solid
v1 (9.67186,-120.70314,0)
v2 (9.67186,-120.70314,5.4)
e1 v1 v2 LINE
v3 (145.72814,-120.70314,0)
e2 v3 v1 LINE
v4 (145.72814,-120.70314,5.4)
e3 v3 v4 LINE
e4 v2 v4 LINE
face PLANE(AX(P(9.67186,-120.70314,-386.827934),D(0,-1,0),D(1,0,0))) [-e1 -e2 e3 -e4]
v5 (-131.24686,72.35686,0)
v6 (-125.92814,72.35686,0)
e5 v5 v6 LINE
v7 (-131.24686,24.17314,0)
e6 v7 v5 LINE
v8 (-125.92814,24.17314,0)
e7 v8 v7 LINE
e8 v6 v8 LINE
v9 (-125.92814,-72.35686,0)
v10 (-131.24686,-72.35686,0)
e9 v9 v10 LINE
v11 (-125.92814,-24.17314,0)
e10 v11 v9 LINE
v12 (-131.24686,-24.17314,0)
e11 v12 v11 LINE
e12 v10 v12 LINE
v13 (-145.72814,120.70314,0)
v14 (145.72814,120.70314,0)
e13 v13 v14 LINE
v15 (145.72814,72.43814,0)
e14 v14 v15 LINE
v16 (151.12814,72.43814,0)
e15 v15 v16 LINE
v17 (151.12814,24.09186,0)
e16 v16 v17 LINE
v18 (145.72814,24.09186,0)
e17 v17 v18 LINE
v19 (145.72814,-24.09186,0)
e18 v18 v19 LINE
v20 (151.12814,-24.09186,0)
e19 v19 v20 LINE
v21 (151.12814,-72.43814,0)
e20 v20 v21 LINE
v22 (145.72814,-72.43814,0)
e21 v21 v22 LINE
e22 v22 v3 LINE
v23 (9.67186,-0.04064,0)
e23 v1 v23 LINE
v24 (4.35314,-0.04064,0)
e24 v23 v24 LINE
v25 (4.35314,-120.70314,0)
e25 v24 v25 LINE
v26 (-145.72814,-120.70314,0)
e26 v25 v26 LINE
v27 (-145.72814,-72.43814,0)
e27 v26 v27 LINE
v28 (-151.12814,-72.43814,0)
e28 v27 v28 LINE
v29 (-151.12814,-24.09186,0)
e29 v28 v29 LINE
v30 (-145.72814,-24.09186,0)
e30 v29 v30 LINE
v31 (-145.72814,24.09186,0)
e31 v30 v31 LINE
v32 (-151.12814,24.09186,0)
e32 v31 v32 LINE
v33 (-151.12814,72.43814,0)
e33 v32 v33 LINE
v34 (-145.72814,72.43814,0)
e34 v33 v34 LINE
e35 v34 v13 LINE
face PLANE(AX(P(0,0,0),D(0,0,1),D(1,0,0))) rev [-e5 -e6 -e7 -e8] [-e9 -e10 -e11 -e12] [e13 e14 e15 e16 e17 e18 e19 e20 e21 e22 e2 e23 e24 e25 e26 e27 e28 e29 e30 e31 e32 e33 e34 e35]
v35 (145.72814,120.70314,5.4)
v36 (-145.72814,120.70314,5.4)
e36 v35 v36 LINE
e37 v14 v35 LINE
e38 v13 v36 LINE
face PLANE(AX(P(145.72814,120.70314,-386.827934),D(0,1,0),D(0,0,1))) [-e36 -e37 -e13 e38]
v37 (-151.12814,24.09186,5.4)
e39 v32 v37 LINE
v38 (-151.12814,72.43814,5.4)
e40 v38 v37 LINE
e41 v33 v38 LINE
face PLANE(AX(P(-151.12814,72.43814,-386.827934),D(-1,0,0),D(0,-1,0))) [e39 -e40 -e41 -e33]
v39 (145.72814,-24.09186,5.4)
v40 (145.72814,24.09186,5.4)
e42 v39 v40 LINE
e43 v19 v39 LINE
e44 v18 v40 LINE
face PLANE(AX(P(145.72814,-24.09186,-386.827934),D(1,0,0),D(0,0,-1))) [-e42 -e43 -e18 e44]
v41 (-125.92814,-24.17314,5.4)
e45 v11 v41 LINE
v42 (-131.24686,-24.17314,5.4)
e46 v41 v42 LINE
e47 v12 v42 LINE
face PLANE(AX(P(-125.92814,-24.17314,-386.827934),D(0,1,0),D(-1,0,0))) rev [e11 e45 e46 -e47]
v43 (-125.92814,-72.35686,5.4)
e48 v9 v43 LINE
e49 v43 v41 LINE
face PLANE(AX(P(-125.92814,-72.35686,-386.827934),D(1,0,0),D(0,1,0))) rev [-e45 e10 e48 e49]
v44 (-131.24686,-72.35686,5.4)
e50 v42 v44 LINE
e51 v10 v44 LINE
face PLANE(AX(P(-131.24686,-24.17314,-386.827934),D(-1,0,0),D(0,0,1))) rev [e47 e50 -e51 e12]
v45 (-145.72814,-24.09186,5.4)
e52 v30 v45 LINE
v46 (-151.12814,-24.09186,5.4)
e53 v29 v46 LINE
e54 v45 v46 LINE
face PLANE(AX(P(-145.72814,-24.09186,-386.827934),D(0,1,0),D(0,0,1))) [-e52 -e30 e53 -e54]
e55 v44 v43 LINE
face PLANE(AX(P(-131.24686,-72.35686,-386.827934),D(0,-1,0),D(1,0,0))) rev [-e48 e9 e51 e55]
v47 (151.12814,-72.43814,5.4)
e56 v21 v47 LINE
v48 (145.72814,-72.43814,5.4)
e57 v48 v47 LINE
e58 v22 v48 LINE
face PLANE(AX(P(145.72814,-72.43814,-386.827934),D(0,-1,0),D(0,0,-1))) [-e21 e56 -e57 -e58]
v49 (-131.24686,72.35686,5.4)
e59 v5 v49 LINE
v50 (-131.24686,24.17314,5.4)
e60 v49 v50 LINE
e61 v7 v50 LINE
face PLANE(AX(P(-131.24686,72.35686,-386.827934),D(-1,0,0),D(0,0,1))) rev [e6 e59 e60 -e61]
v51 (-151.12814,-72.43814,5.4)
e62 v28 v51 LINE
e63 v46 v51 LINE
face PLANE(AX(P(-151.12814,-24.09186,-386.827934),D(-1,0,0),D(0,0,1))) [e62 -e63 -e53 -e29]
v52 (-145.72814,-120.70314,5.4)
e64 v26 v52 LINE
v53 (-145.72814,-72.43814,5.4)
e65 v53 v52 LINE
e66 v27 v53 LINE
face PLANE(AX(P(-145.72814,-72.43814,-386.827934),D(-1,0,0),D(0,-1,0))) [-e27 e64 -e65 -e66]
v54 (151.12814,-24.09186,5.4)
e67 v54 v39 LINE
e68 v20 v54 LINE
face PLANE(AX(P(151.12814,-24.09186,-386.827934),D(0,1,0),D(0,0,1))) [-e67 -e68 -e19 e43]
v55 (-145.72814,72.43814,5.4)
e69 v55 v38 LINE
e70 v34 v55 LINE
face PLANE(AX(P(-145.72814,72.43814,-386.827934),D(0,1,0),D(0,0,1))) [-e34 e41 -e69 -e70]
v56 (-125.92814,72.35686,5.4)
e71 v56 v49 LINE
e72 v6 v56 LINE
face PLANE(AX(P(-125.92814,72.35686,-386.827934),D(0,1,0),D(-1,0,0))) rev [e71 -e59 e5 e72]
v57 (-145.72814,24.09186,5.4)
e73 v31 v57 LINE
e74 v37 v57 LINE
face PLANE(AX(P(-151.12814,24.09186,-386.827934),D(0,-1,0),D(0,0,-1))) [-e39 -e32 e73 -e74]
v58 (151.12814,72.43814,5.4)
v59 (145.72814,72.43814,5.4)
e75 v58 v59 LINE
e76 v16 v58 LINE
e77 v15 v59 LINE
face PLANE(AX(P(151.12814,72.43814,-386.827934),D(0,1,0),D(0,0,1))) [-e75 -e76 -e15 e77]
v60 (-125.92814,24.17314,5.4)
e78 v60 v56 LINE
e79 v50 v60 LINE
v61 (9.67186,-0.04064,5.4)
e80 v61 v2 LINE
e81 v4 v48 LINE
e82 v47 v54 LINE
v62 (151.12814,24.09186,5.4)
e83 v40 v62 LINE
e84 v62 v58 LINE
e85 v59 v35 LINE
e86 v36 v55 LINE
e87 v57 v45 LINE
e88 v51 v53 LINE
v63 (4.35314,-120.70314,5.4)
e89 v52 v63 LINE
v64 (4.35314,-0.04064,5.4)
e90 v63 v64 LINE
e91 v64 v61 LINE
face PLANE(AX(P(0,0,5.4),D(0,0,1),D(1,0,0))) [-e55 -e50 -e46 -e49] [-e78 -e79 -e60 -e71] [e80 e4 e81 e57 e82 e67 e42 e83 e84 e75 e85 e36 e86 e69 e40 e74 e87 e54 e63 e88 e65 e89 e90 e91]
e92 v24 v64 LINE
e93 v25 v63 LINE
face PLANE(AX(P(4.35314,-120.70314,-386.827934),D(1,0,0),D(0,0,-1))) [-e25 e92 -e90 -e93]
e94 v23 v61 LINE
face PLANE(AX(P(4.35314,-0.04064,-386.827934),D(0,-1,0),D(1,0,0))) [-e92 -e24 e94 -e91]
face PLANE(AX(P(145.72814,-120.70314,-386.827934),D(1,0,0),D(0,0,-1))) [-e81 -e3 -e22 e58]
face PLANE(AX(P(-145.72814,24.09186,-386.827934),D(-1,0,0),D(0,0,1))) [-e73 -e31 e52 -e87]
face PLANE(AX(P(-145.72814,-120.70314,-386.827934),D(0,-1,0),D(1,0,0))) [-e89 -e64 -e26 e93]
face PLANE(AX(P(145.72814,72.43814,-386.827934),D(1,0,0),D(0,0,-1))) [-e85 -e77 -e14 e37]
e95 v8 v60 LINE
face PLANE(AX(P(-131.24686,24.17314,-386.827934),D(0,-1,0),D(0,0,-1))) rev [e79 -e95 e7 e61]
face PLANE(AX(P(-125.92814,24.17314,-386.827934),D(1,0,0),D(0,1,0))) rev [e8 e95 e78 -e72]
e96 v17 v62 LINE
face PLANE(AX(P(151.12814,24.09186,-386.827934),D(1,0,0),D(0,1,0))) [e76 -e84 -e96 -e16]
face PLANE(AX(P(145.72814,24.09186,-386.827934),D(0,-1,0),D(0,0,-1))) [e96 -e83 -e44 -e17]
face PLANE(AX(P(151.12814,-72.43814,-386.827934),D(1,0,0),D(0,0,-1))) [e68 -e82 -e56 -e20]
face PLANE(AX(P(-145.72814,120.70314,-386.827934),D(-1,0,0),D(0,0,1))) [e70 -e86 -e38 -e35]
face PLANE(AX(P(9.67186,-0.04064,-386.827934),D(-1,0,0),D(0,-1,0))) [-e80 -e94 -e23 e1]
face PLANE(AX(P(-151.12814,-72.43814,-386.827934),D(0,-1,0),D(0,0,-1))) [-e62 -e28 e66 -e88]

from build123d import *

# Parameters (mm, degrees)
SKETCH1_W           = 5.4
SKETCH1_H           = 48.265
BOSS_EXTRUDE1_DEPTH = 5.4
SKETCH2_W           = 5.31872
SKETCH2_H           = 48.18372
BOSS_EXTRUDE2_DEPTH = 5.4


with BuildPart() as part:
    # Sketch1 → Boss-Extrude1 (new body)
    with BuildSketch(Plane.XY):
        Polygon((9.7125, -120.6625), (145.6875, -120.6625), (145.6875, -72.3975), (151.0875, -72.3975), (151.0875, -24.1325), (145.6875, -24.1325), (145.6875, 24.1325), (151.0875, 24.1325), (151.0875, 72.3975), (145.6875, 72.3975), (145.6875, 120.6625), (-145.6875, 120.6625), (-145.6875, 72.3975), (-151.0875, 72.3975), (-151.0875, 24.1325), (-145.6875, 24.1325), (-145.6875, -24.1325), (-151.0875, -24.1325), (-151.0875, -72.3975), (-145.6875, -72.3975), (-145.6875, -120.6625), (4.3125, -120.6625), (4.3125, 0), (9.7125, 0), align=None)
        with Locations((-128.5875, -48.265)):
            Rectangle(SKETCH1_W, SKETCH1_H, mode=Mode.SUBTRACT)
        with Locations((-128.5875, 48.265)):
            Rectangle(SKETCH1_W, SKETCH1_H, mode=Mode.SUBTRACT)
    extrude(amount=BOSS_EXTRUDE1_DEPTH)

    # Sketch2 → Boss-Extrude2 (add)
    with BuildSketch(Plane.XY.offset(5.4)):
        Polygon((-145.72814, -120.70314), (4.35314, -120.70314), (4.35314, -0.04064), (9.67186, -0.04064), (9.67186, -120.70314), (145.72814, -120.70314), (145.72814, -72.43814), (151.12814, -72.43814), (151.12814, -24.09186), (145.72814, -24.09186), (145.72814, 24.09186), (151.12814, 24.09186), (151.12814, 72.43814), (145.72814, 72.43814), (145.72814, 120.70314), (-145.72814, 120.70314), (-145.72814, 72.43814), (-151.12814, 72.43814), (-151.12814, 24.09186), (-145.72814, 24.09186), (-145.72814, -24.09186), (-151.12814, -24.09186), (-151.12814, -72.43814), (-145.72814, -72.43814), align=None)
        with Locations((-128.5875, 48.265)):
            Rectangle(SKETCH2_W, SKETCH2_H, mode=Mode.SUBTRACT)
        with Locations((-128.5875, -48.265)):
            Rectangle(SKETCH2_W, SKETCH2_H, mode=Mode.SUBTRACT)
    extrude(amount=-BOSS_EXTRUDE2_DEPTH)


solid = part.part
